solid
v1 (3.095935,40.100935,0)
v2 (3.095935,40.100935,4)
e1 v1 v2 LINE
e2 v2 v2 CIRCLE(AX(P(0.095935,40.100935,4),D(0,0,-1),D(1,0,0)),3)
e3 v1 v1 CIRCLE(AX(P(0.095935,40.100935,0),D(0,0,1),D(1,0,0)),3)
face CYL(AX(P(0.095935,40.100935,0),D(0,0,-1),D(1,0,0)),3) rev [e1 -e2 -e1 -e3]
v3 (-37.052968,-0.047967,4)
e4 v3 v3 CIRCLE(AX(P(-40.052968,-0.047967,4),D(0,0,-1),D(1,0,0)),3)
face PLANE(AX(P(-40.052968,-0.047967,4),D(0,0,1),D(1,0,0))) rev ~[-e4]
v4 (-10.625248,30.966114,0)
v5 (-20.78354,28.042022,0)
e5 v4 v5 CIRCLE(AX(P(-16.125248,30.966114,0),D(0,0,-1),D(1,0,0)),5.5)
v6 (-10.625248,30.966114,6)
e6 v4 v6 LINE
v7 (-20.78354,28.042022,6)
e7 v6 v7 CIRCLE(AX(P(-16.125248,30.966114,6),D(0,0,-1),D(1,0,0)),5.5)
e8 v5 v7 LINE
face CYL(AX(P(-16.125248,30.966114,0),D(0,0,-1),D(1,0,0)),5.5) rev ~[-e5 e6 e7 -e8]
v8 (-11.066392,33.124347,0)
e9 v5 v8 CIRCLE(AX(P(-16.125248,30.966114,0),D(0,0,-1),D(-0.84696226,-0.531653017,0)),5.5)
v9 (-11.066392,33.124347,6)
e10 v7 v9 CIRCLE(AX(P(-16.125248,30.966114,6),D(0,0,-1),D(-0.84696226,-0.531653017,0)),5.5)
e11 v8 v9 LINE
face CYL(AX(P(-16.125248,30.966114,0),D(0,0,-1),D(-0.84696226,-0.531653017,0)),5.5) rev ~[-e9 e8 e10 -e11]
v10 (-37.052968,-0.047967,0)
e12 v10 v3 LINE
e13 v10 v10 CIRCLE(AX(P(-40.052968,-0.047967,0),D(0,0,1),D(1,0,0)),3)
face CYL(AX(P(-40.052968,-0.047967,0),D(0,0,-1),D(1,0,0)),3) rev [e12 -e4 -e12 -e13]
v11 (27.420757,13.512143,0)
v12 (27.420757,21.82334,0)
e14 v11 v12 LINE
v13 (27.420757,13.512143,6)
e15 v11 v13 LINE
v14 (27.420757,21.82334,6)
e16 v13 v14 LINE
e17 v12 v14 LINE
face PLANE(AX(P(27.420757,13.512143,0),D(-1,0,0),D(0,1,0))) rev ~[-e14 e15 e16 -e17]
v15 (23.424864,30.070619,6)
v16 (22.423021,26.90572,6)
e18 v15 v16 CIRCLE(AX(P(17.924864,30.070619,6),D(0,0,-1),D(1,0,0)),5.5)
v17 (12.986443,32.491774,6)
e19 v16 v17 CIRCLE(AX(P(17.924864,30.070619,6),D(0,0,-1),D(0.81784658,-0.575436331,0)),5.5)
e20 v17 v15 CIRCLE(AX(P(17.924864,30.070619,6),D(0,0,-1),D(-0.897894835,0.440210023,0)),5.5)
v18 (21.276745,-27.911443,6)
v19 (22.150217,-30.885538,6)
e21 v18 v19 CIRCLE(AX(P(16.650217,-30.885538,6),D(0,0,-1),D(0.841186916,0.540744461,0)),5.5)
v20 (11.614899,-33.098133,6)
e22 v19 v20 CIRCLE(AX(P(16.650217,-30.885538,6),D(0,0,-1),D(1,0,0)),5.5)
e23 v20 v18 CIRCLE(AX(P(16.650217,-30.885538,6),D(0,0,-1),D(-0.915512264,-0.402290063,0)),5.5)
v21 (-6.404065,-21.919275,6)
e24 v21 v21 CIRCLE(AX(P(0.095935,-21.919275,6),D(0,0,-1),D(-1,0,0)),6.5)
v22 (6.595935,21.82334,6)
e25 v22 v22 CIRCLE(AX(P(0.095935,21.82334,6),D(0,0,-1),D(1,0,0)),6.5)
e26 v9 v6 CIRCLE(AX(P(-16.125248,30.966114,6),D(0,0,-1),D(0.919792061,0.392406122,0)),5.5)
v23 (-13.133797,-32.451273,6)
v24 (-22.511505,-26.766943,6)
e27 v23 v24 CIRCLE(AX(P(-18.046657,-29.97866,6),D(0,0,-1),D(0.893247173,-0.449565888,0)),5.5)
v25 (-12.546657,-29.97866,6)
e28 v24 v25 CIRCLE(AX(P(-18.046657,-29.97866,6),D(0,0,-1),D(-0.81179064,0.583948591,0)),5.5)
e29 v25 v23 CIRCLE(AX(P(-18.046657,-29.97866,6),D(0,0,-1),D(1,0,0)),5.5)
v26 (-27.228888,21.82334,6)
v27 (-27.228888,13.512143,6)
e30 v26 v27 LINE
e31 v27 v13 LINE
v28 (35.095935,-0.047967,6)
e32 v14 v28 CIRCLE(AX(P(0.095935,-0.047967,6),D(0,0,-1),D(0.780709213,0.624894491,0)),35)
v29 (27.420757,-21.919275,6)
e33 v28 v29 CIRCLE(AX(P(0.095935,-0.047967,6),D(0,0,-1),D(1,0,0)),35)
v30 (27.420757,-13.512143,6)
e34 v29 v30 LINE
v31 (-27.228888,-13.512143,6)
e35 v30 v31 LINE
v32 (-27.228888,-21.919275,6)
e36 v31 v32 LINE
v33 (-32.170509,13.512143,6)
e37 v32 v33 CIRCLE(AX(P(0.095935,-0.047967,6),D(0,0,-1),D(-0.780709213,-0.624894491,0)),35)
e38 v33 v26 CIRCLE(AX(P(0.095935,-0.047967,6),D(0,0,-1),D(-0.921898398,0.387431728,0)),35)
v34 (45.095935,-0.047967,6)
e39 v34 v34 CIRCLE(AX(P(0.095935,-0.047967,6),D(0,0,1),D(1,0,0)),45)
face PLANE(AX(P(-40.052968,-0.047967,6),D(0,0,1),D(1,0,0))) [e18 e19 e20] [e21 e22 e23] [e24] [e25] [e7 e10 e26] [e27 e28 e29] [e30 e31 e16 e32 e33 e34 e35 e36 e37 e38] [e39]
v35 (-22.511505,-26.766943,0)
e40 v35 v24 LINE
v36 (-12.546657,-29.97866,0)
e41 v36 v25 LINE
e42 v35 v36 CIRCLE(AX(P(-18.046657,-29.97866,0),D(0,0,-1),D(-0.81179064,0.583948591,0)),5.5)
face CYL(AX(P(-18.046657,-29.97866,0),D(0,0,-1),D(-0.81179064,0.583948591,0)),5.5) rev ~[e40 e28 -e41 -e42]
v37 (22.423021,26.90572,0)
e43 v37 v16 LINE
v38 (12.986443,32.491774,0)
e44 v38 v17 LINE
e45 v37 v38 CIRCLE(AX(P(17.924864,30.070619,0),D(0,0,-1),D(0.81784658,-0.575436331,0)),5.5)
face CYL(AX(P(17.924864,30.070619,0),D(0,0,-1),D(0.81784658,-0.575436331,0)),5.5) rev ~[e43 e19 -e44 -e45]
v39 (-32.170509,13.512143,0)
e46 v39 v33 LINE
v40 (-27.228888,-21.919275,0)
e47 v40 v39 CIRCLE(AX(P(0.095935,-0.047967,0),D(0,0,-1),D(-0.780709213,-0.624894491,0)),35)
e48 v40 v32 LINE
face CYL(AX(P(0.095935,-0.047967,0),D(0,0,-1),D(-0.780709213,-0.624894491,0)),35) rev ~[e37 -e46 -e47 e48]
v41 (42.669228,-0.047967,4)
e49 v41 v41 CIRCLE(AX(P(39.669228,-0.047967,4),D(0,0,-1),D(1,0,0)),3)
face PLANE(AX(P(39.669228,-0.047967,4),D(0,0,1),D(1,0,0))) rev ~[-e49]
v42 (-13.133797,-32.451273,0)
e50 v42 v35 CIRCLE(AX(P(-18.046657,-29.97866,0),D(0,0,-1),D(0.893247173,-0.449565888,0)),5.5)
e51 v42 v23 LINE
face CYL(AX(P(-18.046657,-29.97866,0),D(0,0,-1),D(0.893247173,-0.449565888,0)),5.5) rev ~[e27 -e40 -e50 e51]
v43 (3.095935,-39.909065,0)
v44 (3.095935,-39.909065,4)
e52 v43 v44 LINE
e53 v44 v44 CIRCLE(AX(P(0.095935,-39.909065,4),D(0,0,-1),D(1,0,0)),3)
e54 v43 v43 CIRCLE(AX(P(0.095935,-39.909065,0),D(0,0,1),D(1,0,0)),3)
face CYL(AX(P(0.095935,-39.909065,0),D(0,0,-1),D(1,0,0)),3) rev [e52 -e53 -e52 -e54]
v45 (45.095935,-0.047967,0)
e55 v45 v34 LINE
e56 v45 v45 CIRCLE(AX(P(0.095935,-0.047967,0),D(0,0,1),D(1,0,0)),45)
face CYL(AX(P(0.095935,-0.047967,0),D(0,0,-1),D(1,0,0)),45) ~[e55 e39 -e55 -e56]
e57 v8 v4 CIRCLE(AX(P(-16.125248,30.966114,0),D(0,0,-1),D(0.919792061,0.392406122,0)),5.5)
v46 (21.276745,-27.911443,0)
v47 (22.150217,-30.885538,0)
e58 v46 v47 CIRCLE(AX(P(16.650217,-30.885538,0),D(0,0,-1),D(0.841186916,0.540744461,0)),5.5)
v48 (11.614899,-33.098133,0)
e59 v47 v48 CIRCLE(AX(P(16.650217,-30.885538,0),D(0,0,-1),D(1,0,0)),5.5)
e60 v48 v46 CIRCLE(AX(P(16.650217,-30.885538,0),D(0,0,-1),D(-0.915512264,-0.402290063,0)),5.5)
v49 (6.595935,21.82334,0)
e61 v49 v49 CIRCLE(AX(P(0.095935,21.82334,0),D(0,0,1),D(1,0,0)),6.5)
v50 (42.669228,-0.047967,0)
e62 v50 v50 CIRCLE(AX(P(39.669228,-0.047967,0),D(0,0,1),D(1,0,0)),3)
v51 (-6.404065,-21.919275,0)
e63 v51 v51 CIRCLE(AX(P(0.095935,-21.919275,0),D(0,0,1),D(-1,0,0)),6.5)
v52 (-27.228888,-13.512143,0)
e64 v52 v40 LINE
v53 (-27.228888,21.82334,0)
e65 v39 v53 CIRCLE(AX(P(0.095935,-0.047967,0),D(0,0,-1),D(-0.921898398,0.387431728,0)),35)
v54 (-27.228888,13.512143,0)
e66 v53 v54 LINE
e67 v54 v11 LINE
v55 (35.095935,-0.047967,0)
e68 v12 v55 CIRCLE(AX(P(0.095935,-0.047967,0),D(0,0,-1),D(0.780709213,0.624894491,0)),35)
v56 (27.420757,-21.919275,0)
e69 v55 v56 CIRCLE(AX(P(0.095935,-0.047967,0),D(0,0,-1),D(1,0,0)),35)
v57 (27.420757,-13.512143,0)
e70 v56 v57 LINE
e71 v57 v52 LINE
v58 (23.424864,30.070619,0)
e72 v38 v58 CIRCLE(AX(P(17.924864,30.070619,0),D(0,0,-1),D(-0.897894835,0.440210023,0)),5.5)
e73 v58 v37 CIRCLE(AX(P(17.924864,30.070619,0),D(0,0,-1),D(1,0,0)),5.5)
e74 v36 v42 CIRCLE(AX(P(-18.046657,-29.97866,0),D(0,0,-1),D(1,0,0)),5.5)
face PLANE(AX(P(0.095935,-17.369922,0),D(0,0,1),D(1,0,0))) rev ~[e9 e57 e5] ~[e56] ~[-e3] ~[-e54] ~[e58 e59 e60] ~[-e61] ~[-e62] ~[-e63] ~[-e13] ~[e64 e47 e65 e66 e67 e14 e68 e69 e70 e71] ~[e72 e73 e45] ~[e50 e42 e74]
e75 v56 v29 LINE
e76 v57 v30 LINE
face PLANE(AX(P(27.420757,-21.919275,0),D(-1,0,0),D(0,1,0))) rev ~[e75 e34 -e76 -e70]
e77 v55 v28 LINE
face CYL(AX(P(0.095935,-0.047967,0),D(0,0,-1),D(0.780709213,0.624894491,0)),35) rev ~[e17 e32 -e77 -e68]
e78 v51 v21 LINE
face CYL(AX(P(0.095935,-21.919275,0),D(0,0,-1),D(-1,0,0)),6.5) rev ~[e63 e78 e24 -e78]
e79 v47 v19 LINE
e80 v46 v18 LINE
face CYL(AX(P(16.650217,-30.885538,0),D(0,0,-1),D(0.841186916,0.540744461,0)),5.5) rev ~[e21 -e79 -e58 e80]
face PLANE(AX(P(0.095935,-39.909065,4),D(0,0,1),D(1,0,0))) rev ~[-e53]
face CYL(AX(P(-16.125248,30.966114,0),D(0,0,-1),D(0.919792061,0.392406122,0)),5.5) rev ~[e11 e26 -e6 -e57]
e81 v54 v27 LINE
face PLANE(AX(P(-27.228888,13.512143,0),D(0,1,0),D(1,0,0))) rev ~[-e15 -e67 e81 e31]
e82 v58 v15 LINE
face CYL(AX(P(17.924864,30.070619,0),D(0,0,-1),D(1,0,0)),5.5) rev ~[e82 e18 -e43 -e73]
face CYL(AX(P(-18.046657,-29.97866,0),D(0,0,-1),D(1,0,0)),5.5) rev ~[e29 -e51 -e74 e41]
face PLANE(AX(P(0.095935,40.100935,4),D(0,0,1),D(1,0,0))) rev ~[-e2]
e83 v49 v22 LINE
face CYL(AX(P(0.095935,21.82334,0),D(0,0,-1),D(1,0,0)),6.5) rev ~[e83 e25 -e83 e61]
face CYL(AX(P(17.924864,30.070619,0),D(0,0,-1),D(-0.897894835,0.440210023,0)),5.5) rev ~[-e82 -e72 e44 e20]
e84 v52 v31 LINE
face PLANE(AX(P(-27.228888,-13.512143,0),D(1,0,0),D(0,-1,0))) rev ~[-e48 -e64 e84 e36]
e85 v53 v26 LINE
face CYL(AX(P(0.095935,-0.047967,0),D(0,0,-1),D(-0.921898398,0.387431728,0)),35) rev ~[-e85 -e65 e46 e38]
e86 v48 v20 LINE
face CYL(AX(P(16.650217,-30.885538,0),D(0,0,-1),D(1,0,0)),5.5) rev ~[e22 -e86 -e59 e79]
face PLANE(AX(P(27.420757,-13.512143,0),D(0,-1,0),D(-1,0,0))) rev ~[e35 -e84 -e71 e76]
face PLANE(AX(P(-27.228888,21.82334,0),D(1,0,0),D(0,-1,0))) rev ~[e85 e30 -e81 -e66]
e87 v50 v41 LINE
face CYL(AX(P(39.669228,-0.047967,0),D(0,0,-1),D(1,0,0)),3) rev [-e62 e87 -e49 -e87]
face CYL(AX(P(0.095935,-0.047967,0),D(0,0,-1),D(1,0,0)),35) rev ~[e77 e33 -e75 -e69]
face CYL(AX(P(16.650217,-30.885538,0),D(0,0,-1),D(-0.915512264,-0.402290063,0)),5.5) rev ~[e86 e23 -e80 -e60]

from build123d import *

# Parameters (mm, degrees)
F0_R     = 45
F0_R_2   = 3
F1_DEPTH = 6
F2_DEPTH = 6
F3_DEPTH = 6
F4_R     = 3.7046824746
F4_R_2   = 3.6592764752
F4_R_3   = 3.6139160681
F4_R_4   = 3.8159810343
F5_DEPTH = 2
F6_DEPTH = 2


with BuildPart() as f1:
    # F0 (on Top) → F1 (new body)
    with BuildSketch(Plane.XY):
        with Locations((0.0959349175, -0.0479674588)):
            Circle(F0_R)
        with Locations((0.0959349175, -39.9090653906)):
            Circle(F0_R_2, mode=Mode.SUBTRACT)
        with Locations((-40.0529677669, -0.0479674588)):
            Circle(F0_R_2, mode=Mode.SUBTRACT)
        with BuildLine():
            ThreePointArc((27.4207573821, 21.8233397102), (33.1214461646, 11.5414935671), (35.0959349175, -0.0479674588))
            ThreePointArc((35.0959349175, -0.0479674588), (33.1214461646, -11.6374284846), (27.4207573821, -21.9192746278))
            ThreePointArc((27.4207573821, -21.9192746278), (24.533111856, -25.104391451), (21.2767449211, -27.9114433294))
            ThreePointArc((21.2767449211, -27.9114433294), (21.9273327718, -29.335683713), (22.1502168829, -30.8855378658))
            ThreePointArc((22.1502168829, -30.8855378658), (17.7806491067, -36.268113735), (11.6148994329, -33.0981332147))
            ThreePointArc((11.6148994329, -33.0981332147), (-0.8185531736, -35.0360184409), (-13.1337970765, -32.4512727125))
            ThreePointArc((-13.1337970765, -32.4512727125), (-20.8976351843, -34.6820549215), (-22.5115050489, -26.7669430784))
            ThreePointArc((-22.5115050489, -26.7669430784), (-24.9875791947, -24.4573369668), (-27.228887547, -21.9192746278))
            ThreePointArc((-27.228887547, -21.9192746278), (-34.5685439732, -4.8826239339), (-32.1705090074, 13.512143029))
            ThreePointArc((-32.1705090074, 13.512143029), (-29.9880933208, 17.8392135644), (-27.228887547, 21.8233397102))
            ThreePointArc((-27.228887547, 21.8233397102), (-24.2059494655, 25.1396964948), (-20.7835404411, 28.042022017))
            ThreePointArc((-20.7835404411, 28.042022017), (-18.6742910421, 35.8397549184), (-11.0663916751, 33.1243472787))
            ThreePointArc((-11.0663916751, 33.1243472787), (1.0160924151, 34.9399348816), (12.9864428976, 32.4917744581))
            ThreePointArc((12.9864428976, 32.4917744581), (19.1675795097, 35.4283855992), (23.4248644926, 30.0706193309))
            ThreePointArc((23.4248644926, 30.0706193309), (23.1684252605, 28.4107788343), (22.4230206839, 26.9057195095))
            ThreePointArc((22.4230206839, 26.9057195095), (25.0516084979, 24.4920886975), (27.4207573821, 21.8233397102))
        make_face(mode=Mode.SUBTRACT)
        with Locations((39.6692280968, -0.0479674588)):
            Circle(F0_R_2, mode=Mode.SUBTRACT)
        with Locations((0.0959349175, 40.1009352257)):
            Circle(F0_R_2, mode=Mode.SUBTRACT)
        with BuildLine():
            ThreePointArc((21.2767449211, -27.9114433294), (24.533111856, -25.104391451), (27.4207573821, -21.9192746278))
            Line((27.4207573821, -21.9192746278), (6.5959349175, -21.9192746278))
            ThreePointArc((6.5959349175, -21.9192746278), (0.0959349175, -28.4192746278), (-6.4040650825, -21.9192746278))
            Line((-6.4040650825, -21.9192746278), (-27.228887547, -21.9192746278))
            ThreePointArc((-27.228887547, -21.9192746278), (-24.9875791947, -24.4573369668), (-22.5115050489, -26.7669430784))
            ThreePointArc((-22.5115050489, -26.7669430784), (-16.3594497928, -24.7438409966), (-12.5466565285, -29.9786603278))
            ThreePointArc((-12.5466565285, -29.9786603278), (-12.6954544679, -31.2493438081), (-13.1337970765, -32.4512727125))
            ThreePointArc((-13.1337970765, -32.4512727125), (-0.8185531736, -35.0360184409), (11.6148994329, -33.0981332147))
            ThreePointArc((11.6148994329, -33.0981332147), (14.0488297169, -26.0396339447), (21.2767449211, -27.9114433294))
        make_face()
        with BuildLine():
            Line((6.5959349175, 21.8233397102), (27.4207573821, 21.8233397102))
            ThreePointArc((27.4207573821, 21.8233397102), (25.0516084979, 24.4920886975), (22.4230206839, 26.9057195095))
            ThreePointArc((22.4230206839, 26.9057195095), (15.1231755594, 25.3376985497), (12.9864428976, 32.4917744581))
            ThreePointArc((12.9864428976, 32.4917744581), (1.0160924151, 34.9399348816), (-11.0663916751, 33.1243472787))
            ThreePointArc((-11.0663916751, 33.1243472787), (-10.7366623963, 32.0675422609), (-10.6252480106, 30.966113608))
            ThreePointArc((-10.6252480106, 30.966113608), (-14.6038355694, 25.6807277012), (-20.7835404411, 28.042022017))
            ThreePointArc((-20.7835404411, 28.042022017), (-24.2059494655, 25.1396964948), (-27.228887547, 21.8233397102))
            Line((-27.228887547, 21.8233397102), (-6.4040650825, 21.8233397102))
            ThreePointArc((-6.4040650825, 21.8233397102), (0.0959349175, 28.3233397102), (6.5959349175, 21.8233397102))
        make_face()
    extrude(amount=F1_DEPTH)

    # F0 (on Top) → F2 (join)
    with BuildSketch(Plane.XY):
        with BuildLine():
            Line((27.4207573821, 13.512143029), (27.4207573821, 21.8233397102))
            Line((27.4207573821, 21.8233397102), (6.5959349175, 21.8233397102))
            ThreePointArc((6.5959349175, 21.8233397102), (0.0959349175, 15.3233397102), (-6.4040650825, 21.8233397102))
            Line((-6.4040650825, 21.8233397102), (-27.228887547, 21.8233397102))
            Line((-27.228887547, 21.8233397102), (-27.228887547, 13.512143029))
            Line((-27.228887547, 13.512143029), (27.4207573821, 13.512143029))
        make_face()
    extrude(amount=F2_DEPTH)

    # F0 (on Top) → F3 (join)
    with BuildSketch(Plane.XY):
        with BuildLine():
            Line((6.5959349175, -21.9192746278), (27.4207573821, -21.9192746278))
            Line((27.4207573821, -21.9192746278), (27.4207573821, -13.512143029))
            Line((27.4207573821, -13.512143029), (-27.228887547, -13.512143029))
            Line((-27.228887547, -13.512143029), (-27.228887547, -21.9192746278))
            Line((-27.228887547, -21.9192746278), (-6.4040650825, -21.9192746278))
            ThreePointArc((-6.4040650825, -21.9192746278), (0.0959349175, -15.4192746278), (6.5959349175, -21.9192746278))
        make_face()
    extrude(amount=F3_DEPTH)

    # F4 (on face) → F5 (join)
    with BuildSketch(Plane.XY.offset(6)):
        with Locations((-40.0529677669, -0.0479674588)):
            Circle(F4_R)
        with Locations((0.0959349175, 40.1009352257)):
            Circle(F4_R_2)
        with Locations((39.6692280968, -0.0479674588)):
            Circle(F4_R_3)
        with Locations((0.0959349175, -39.9090653906)):
            Circle(F4_R_4)
    extrude(amount=-F5_DEPTH)

    # F4 (on face) → F6 (join)
    with BuildSketch(Plane.XY.offset(6)):
        with Locations((-40.0529677669, -0.0479674588)):
            Circle(F4_R)
        with Locations((0.0959349175, 40.1009352257)):
            Circle(F4_R_2)
        with Locations((39.6692280968, -0.0479674588)):
            Circle(F4_R_3)
        with Locations((0.0959349175, -39.9090653906)):
            Circle(F4_R_4)
    extrude(amount=-F6_DEPTH)


solid = f1.part
